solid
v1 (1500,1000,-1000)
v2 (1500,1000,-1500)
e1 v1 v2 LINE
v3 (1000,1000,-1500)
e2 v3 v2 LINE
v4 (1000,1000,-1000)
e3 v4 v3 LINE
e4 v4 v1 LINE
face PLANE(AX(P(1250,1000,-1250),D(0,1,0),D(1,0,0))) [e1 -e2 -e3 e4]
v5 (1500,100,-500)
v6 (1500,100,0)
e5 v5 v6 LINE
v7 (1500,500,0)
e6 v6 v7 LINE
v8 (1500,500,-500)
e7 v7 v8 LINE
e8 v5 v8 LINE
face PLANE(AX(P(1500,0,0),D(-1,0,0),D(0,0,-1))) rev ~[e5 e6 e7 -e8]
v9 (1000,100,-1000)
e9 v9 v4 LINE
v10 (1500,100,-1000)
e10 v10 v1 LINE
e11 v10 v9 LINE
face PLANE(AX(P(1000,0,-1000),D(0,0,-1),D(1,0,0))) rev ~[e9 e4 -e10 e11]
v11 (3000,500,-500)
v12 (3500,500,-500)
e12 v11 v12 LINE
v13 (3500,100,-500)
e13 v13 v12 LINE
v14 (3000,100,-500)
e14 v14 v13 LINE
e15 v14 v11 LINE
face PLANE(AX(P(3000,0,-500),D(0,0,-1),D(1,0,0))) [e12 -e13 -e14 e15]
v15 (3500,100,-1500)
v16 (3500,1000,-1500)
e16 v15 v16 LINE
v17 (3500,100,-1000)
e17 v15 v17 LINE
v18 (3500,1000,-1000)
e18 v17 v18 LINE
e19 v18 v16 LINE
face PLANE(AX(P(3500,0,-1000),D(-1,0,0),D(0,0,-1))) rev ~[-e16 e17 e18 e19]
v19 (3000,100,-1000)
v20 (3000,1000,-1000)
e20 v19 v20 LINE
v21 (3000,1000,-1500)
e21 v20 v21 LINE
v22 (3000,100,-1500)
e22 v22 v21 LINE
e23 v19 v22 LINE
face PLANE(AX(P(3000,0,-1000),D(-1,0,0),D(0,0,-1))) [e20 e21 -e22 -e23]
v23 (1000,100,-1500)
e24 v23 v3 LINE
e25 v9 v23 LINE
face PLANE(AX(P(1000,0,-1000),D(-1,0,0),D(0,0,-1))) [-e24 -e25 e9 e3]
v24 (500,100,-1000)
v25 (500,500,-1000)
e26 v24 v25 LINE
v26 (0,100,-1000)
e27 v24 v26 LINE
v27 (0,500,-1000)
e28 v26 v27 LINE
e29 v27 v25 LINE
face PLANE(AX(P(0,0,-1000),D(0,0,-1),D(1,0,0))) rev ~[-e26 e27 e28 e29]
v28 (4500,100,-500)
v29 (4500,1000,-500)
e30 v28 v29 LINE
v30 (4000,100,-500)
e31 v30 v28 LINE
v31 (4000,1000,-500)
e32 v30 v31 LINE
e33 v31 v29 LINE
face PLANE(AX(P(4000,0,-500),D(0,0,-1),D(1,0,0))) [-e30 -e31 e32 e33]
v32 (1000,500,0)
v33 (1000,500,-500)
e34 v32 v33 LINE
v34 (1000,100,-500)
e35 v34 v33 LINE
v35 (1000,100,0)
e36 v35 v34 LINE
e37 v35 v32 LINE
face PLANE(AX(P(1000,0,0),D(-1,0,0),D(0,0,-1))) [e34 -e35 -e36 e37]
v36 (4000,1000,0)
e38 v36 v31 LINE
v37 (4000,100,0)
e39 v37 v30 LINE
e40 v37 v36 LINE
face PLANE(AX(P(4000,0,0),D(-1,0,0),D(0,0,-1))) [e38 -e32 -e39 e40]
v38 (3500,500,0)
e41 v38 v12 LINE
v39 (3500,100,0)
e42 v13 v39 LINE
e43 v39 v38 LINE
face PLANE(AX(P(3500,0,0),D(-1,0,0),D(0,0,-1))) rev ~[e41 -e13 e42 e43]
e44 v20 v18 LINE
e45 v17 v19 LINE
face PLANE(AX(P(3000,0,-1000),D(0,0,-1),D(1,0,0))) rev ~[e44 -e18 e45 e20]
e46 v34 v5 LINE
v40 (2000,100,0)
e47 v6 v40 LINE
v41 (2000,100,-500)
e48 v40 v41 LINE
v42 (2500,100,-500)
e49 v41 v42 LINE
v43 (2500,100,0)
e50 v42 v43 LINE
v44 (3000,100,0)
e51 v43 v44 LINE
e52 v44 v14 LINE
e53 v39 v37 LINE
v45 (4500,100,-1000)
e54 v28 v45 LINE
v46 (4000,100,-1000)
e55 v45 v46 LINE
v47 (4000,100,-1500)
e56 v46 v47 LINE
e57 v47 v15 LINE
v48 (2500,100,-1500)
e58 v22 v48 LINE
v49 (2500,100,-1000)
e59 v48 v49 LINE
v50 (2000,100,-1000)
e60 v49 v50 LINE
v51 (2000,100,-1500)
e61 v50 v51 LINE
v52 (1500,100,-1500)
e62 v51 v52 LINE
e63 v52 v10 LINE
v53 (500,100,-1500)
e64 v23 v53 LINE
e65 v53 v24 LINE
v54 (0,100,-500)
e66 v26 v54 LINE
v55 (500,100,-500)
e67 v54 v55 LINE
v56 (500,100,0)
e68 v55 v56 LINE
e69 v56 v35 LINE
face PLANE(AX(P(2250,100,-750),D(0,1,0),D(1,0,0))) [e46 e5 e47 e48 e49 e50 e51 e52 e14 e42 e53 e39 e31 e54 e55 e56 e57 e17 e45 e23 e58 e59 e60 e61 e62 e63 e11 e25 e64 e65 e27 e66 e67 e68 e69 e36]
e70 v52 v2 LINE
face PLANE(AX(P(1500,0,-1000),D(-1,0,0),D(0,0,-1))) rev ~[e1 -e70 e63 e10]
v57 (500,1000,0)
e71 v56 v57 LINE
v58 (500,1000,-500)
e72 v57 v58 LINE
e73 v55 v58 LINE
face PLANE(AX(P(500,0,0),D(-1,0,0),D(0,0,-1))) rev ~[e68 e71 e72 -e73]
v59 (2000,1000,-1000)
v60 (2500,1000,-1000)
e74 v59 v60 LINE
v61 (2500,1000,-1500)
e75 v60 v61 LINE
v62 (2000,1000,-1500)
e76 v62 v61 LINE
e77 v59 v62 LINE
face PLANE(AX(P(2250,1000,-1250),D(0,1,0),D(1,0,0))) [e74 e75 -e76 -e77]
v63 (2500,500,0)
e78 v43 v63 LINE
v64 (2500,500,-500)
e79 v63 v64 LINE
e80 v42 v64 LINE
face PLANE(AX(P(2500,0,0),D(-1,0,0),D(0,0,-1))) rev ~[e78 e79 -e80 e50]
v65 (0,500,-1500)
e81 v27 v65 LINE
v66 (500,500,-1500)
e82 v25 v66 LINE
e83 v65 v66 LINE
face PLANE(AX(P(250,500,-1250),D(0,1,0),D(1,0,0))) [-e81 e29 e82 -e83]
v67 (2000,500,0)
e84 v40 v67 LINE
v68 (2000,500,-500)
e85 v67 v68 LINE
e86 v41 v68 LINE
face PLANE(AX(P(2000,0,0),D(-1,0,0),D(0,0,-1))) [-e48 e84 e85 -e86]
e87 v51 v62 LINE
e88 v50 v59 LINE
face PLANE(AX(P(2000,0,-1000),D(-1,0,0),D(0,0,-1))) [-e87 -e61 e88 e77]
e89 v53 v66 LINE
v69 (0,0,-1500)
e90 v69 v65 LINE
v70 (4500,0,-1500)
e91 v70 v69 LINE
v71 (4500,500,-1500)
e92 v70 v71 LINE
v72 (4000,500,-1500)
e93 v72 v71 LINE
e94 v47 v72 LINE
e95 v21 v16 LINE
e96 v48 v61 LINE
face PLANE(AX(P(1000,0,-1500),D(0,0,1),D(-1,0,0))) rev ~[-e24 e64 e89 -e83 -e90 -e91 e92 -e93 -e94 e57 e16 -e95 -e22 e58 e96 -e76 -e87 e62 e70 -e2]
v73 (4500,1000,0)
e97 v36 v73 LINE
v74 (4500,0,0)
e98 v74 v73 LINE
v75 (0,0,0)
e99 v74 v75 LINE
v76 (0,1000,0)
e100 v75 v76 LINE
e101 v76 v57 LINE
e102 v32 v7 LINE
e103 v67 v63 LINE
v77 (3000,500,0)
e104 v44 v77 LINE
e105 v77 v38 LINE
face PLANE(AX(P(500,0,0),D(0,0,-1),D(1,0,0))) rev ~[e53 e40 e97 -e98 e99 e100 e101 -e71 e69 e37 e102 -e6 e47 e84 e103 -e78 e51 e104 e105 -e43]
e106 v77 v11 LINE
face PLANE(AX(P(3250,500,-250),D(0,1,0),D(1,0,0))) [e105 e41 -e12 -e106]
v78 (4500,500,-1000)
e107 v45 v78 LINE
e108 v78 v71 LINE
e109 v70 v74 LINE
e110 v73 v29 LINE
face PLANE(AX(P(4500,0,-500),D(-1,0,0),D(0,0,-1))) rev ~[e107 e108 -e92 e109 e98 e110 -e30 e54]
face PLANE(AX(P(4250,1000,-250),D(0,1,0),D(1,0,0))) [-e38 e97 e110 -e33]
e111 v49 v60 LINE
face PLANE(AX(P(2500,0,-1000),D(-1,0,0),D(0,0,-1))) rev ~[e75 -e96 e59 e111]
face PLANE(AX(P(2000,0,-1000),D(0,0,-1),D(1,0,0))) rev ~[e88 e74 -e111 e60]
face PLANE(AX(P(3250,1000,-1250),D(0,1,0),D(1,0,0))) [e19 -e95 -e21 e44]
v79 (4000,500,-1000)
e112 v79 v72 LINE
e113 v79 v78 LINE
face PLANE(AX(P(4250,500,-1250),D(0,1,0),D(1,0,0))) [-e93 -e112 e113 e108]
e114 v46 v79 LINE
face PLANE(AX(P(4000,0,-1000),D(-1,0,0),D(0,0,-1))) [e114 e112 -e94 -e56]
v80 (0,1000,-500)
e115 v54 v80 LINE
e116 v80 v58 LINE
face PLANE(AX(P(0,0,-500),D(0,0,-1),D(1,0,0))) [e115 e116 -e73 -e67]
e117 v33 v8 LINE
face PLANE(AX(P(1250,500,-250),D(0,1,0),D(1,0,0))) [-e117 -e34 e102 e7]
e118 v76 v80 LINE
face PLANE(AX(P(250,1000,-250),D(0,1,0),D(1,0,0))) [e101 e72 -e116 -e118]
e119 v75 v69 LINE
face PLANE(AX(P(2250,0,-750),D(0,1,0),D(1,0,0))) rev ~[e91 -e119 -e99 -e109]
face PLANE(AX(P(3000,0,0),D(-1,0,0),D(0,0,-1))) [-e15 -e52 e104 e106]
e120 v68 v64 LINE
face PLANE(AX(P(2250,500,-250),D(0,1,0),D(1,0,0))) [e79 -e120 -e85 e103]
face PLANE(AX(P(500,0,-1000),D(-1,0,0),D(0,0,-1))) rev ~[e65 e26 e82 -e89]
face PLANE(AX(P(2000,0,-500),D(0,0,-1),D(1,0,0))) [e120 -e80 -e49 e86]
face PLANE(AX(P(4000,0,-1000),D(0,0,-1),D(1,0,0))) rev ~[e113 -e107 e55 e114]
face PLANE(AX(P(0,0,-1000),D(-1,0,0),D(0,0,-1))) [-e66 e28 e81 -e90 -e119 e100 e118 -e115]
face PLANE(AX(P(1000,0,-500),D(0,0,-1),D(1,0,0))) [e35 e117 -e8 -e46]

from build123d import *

# Parameters (mm, degrees)
SKETCH2_W             = 500
SKETCH2_H             = 500
BOSS_EXTRUDE1_DEPTH   = 500
BOSS_EXTRUDE1_2_DEPTH = 500
BOSS_EXTRUDE1_3_DEPTH = 500
BOSS_EXTRUDE1_4_DEPTH = 500
BOSS_EXTRUDE1_5_DEPTH = 500
SKETCH2_3_W           = 500
SKETCH2_3_H           = 500
BOSS_EXTRUDE2_DEPTH   = 1000
BOSS_EXTRUDE2_2_DEPTH = 1000
BOSS_EXTRUDE2_3_DEPTH = 1000
BOSS_EXTRUDE2_4_DEPTH = 1000
BOSS_EXTRUDE2_5_DEPTH = 1000
BOSS_EXTRUDE3_DEPTH   = 100


with BuildPart() as part:
    # Sketch2 → Boss-Extrude1 (new body)
    with BuildSketch(Plane(origin=(0, 0, 0), x_dir=(1, 0, 0), z_dir=(0, 1, 0))):
        with Locations((1250, 250)):
            Rectangle(SKETCH2_W, SKETCH2_H)
    extrude(amount=BOSS_EXTRUDE1_DEPTH)



with BuildPart() as body_2:
    # Sketch2 → Boss-Extrude1 2 (new body)
    with BuildSketch(Plane(origin=(0, 0, 0), x_dir=(1, 0, 0), z_dir=(0, 1, 0))):
        with Locations((2250, 250)):
            Rectangle(SKETCH2_W, SKETCH2_H)
    extrude(amount=BOSS_EXTRUDE1_2_DEPTH)


with BuildPart() as body_3:
    # Sketch2 → Boss-Extrude1 3 (new body)
    with BuildSketch(Plane(origin=(0, 0, 0), x_dir=(1, 0, 0), z_dir=(0, 1, 0))):
        with Locations((4250, 1250)):
            Rectangle(SKETCH2_W, SKETCH2_H)
    extrude(amount=BOSS_EXTRUDE1_3_DEPTH)


with BuildPart() as body_4:
    # Sketch2 → Boss-Extrude1 4 (new body)
    with BuildSketch(Plane(origin=(0, 0, 0), x_dir=(1, 0, 0), z_dir=(0, 1, 0))):
        with Locations((250, 1250)):
            Rectangle(SKETCH2_W, SKETCH2_H)
    extrude(amount=BOSS_EXTRUDE1_4_DEPTH)


with BuildPart() as body_5:
    # Sketch2 → Boss-Extrude1 5 (new body)
    with BuildSketch(Plane(origin=(0, 0, 0), x_dir=(1, 0, 0), z_dir=(0, 1, 0))):
        with Locations((3250, 250)):
            Rectangle(SKETCH2_W, SKETCH2_H)
    extrude(amount=BOSS_EXTRUDE1_5_DEPTH)


with BuildPart() as body_6:
    # Sketch2<3> → Boss-Extrude2 (new body)
    with BuildSketch(Plane(origin=(0, 0, 0), x_dir=(1, 0, 0), z_dir=(0, 1, 0))):
        with Locations((250, 250)):
            Rectangle(SKETCH2_3_W, SKETCH2_3_H)
    extrude(amount=BOSS_EXTRUDE2_DEPTH)


with BuildPart() as body_7:
    # Sketch2<3> → Boss-Extrude2 2 (new body)
    with BuildSketch(Plane(origin=(0, 0, 0), x_dir=(1, 0, 0), z_dir=(0, 1, 0))):
        with Locations((1250, 1250)):
            Rectangle(SKETCH2_3_W, SKETCH2_3_H)
    extrude(amount=BOSS_EXTRUDE2_2_DEPTH)


with BuildPart() as body_8:
    # Sketch2<3> → Boss-Extrude2 3 (new body)
    with BuildSketch(Plane(origin=(0, 0, 0), x_dir=(1, 0, 0), z_dir=(0, 1, 0))):
        with Locations((2250, 1250)):
            Rectangle(SKETCH2_3_W, SKETCH2_3_H)
    extrude(amount=BOSS_EXTRUDE2_3_DEPTH)


with BuildPart() as body_9:
    # Sketch2<3> → Boss-Extrude2 4 (new body)
    with BuildSketch(Plane(origin=(0, 0, 0), x_dir=(1, 0, 0), z_dir=(0, 1, 0))):
        with Locations((3250, 1250)):
            Rectangle(SKETCH2_3_W, SKETCH2_3_H)
    extrude(amount=BOSS_EXTRUDE2_4_DEPTH)


with BuildPart() as body_10:
    # Sketch2<3> → Boss-Extrude2 5 (new body)
    with BuildSketch(Plane(origin=(0, 0, 0), x_dir=(1, 0, 0), z_dir=(0, 1, 0))):
        with Locations((4250, 250)):
            Rectangle(SKETCH2_3_W, SKETCH2_3_H)
    extrude(amount=BOSS_EXTRUDE2_5_DEPTH)


with BuildPart() as part_1:
    add(part.part)

    add(body_2.part)  # Boss-Extrude3 merges body 2

    add(body_3.part)  # Boss-Extrude3 merges body 3

    add(body_4.part)  # Boss-Extrude3 merges body 4

    add(body_5.part)  # Boss-Extrude3 merges body 5

    add(body_6.part)  # Boss-Extrude3 merges body 6

    add(body_7.part)  # Boss-Extrude3 merges body 7

    add(body_8.part)  # Boss-Extrude3 merges body 8

    add(body_9.part)  # Boss-Extrude3 merges body 9

    add(body_10.part)  # Boss-Extrude3 merges body 10
    # Sketch2<4> → Boss-Extrude3 (add)
    with BuildSketch(Plane(origin=(0, 0, 0), x_dir=(1, 0, 0), z_dir=(0, 1, 0))):
        Polygon((1000, 1000), (1000, 1500), (500, 1500), (500, 1000), (0, 1000), (0, 500), (500, 500), (500, 0), (1000, 0), (1000, 500), (1500, 500), (1500, 0), (2000, 0), (2000, 500), (2500, 500), (2500, 0), (3000, 0), (3000, 500), (3500, 500), (3500, 0), (4000, 0), (4000, 500), (4500, 500), (4500, 1000), (4000, 1000), (4000, 1500), (3500, 1500), (3500, 1000), (3000, 1000), (3000, 1500), (2500, 1500), (2500, 1000), (2000, 1000), (2000, 1500), (1500, 1500), (1500, 1000), align=None)
    extrude(amount=BOSS_EXTRUDE3_DEPTH)


solid = part_1.part
